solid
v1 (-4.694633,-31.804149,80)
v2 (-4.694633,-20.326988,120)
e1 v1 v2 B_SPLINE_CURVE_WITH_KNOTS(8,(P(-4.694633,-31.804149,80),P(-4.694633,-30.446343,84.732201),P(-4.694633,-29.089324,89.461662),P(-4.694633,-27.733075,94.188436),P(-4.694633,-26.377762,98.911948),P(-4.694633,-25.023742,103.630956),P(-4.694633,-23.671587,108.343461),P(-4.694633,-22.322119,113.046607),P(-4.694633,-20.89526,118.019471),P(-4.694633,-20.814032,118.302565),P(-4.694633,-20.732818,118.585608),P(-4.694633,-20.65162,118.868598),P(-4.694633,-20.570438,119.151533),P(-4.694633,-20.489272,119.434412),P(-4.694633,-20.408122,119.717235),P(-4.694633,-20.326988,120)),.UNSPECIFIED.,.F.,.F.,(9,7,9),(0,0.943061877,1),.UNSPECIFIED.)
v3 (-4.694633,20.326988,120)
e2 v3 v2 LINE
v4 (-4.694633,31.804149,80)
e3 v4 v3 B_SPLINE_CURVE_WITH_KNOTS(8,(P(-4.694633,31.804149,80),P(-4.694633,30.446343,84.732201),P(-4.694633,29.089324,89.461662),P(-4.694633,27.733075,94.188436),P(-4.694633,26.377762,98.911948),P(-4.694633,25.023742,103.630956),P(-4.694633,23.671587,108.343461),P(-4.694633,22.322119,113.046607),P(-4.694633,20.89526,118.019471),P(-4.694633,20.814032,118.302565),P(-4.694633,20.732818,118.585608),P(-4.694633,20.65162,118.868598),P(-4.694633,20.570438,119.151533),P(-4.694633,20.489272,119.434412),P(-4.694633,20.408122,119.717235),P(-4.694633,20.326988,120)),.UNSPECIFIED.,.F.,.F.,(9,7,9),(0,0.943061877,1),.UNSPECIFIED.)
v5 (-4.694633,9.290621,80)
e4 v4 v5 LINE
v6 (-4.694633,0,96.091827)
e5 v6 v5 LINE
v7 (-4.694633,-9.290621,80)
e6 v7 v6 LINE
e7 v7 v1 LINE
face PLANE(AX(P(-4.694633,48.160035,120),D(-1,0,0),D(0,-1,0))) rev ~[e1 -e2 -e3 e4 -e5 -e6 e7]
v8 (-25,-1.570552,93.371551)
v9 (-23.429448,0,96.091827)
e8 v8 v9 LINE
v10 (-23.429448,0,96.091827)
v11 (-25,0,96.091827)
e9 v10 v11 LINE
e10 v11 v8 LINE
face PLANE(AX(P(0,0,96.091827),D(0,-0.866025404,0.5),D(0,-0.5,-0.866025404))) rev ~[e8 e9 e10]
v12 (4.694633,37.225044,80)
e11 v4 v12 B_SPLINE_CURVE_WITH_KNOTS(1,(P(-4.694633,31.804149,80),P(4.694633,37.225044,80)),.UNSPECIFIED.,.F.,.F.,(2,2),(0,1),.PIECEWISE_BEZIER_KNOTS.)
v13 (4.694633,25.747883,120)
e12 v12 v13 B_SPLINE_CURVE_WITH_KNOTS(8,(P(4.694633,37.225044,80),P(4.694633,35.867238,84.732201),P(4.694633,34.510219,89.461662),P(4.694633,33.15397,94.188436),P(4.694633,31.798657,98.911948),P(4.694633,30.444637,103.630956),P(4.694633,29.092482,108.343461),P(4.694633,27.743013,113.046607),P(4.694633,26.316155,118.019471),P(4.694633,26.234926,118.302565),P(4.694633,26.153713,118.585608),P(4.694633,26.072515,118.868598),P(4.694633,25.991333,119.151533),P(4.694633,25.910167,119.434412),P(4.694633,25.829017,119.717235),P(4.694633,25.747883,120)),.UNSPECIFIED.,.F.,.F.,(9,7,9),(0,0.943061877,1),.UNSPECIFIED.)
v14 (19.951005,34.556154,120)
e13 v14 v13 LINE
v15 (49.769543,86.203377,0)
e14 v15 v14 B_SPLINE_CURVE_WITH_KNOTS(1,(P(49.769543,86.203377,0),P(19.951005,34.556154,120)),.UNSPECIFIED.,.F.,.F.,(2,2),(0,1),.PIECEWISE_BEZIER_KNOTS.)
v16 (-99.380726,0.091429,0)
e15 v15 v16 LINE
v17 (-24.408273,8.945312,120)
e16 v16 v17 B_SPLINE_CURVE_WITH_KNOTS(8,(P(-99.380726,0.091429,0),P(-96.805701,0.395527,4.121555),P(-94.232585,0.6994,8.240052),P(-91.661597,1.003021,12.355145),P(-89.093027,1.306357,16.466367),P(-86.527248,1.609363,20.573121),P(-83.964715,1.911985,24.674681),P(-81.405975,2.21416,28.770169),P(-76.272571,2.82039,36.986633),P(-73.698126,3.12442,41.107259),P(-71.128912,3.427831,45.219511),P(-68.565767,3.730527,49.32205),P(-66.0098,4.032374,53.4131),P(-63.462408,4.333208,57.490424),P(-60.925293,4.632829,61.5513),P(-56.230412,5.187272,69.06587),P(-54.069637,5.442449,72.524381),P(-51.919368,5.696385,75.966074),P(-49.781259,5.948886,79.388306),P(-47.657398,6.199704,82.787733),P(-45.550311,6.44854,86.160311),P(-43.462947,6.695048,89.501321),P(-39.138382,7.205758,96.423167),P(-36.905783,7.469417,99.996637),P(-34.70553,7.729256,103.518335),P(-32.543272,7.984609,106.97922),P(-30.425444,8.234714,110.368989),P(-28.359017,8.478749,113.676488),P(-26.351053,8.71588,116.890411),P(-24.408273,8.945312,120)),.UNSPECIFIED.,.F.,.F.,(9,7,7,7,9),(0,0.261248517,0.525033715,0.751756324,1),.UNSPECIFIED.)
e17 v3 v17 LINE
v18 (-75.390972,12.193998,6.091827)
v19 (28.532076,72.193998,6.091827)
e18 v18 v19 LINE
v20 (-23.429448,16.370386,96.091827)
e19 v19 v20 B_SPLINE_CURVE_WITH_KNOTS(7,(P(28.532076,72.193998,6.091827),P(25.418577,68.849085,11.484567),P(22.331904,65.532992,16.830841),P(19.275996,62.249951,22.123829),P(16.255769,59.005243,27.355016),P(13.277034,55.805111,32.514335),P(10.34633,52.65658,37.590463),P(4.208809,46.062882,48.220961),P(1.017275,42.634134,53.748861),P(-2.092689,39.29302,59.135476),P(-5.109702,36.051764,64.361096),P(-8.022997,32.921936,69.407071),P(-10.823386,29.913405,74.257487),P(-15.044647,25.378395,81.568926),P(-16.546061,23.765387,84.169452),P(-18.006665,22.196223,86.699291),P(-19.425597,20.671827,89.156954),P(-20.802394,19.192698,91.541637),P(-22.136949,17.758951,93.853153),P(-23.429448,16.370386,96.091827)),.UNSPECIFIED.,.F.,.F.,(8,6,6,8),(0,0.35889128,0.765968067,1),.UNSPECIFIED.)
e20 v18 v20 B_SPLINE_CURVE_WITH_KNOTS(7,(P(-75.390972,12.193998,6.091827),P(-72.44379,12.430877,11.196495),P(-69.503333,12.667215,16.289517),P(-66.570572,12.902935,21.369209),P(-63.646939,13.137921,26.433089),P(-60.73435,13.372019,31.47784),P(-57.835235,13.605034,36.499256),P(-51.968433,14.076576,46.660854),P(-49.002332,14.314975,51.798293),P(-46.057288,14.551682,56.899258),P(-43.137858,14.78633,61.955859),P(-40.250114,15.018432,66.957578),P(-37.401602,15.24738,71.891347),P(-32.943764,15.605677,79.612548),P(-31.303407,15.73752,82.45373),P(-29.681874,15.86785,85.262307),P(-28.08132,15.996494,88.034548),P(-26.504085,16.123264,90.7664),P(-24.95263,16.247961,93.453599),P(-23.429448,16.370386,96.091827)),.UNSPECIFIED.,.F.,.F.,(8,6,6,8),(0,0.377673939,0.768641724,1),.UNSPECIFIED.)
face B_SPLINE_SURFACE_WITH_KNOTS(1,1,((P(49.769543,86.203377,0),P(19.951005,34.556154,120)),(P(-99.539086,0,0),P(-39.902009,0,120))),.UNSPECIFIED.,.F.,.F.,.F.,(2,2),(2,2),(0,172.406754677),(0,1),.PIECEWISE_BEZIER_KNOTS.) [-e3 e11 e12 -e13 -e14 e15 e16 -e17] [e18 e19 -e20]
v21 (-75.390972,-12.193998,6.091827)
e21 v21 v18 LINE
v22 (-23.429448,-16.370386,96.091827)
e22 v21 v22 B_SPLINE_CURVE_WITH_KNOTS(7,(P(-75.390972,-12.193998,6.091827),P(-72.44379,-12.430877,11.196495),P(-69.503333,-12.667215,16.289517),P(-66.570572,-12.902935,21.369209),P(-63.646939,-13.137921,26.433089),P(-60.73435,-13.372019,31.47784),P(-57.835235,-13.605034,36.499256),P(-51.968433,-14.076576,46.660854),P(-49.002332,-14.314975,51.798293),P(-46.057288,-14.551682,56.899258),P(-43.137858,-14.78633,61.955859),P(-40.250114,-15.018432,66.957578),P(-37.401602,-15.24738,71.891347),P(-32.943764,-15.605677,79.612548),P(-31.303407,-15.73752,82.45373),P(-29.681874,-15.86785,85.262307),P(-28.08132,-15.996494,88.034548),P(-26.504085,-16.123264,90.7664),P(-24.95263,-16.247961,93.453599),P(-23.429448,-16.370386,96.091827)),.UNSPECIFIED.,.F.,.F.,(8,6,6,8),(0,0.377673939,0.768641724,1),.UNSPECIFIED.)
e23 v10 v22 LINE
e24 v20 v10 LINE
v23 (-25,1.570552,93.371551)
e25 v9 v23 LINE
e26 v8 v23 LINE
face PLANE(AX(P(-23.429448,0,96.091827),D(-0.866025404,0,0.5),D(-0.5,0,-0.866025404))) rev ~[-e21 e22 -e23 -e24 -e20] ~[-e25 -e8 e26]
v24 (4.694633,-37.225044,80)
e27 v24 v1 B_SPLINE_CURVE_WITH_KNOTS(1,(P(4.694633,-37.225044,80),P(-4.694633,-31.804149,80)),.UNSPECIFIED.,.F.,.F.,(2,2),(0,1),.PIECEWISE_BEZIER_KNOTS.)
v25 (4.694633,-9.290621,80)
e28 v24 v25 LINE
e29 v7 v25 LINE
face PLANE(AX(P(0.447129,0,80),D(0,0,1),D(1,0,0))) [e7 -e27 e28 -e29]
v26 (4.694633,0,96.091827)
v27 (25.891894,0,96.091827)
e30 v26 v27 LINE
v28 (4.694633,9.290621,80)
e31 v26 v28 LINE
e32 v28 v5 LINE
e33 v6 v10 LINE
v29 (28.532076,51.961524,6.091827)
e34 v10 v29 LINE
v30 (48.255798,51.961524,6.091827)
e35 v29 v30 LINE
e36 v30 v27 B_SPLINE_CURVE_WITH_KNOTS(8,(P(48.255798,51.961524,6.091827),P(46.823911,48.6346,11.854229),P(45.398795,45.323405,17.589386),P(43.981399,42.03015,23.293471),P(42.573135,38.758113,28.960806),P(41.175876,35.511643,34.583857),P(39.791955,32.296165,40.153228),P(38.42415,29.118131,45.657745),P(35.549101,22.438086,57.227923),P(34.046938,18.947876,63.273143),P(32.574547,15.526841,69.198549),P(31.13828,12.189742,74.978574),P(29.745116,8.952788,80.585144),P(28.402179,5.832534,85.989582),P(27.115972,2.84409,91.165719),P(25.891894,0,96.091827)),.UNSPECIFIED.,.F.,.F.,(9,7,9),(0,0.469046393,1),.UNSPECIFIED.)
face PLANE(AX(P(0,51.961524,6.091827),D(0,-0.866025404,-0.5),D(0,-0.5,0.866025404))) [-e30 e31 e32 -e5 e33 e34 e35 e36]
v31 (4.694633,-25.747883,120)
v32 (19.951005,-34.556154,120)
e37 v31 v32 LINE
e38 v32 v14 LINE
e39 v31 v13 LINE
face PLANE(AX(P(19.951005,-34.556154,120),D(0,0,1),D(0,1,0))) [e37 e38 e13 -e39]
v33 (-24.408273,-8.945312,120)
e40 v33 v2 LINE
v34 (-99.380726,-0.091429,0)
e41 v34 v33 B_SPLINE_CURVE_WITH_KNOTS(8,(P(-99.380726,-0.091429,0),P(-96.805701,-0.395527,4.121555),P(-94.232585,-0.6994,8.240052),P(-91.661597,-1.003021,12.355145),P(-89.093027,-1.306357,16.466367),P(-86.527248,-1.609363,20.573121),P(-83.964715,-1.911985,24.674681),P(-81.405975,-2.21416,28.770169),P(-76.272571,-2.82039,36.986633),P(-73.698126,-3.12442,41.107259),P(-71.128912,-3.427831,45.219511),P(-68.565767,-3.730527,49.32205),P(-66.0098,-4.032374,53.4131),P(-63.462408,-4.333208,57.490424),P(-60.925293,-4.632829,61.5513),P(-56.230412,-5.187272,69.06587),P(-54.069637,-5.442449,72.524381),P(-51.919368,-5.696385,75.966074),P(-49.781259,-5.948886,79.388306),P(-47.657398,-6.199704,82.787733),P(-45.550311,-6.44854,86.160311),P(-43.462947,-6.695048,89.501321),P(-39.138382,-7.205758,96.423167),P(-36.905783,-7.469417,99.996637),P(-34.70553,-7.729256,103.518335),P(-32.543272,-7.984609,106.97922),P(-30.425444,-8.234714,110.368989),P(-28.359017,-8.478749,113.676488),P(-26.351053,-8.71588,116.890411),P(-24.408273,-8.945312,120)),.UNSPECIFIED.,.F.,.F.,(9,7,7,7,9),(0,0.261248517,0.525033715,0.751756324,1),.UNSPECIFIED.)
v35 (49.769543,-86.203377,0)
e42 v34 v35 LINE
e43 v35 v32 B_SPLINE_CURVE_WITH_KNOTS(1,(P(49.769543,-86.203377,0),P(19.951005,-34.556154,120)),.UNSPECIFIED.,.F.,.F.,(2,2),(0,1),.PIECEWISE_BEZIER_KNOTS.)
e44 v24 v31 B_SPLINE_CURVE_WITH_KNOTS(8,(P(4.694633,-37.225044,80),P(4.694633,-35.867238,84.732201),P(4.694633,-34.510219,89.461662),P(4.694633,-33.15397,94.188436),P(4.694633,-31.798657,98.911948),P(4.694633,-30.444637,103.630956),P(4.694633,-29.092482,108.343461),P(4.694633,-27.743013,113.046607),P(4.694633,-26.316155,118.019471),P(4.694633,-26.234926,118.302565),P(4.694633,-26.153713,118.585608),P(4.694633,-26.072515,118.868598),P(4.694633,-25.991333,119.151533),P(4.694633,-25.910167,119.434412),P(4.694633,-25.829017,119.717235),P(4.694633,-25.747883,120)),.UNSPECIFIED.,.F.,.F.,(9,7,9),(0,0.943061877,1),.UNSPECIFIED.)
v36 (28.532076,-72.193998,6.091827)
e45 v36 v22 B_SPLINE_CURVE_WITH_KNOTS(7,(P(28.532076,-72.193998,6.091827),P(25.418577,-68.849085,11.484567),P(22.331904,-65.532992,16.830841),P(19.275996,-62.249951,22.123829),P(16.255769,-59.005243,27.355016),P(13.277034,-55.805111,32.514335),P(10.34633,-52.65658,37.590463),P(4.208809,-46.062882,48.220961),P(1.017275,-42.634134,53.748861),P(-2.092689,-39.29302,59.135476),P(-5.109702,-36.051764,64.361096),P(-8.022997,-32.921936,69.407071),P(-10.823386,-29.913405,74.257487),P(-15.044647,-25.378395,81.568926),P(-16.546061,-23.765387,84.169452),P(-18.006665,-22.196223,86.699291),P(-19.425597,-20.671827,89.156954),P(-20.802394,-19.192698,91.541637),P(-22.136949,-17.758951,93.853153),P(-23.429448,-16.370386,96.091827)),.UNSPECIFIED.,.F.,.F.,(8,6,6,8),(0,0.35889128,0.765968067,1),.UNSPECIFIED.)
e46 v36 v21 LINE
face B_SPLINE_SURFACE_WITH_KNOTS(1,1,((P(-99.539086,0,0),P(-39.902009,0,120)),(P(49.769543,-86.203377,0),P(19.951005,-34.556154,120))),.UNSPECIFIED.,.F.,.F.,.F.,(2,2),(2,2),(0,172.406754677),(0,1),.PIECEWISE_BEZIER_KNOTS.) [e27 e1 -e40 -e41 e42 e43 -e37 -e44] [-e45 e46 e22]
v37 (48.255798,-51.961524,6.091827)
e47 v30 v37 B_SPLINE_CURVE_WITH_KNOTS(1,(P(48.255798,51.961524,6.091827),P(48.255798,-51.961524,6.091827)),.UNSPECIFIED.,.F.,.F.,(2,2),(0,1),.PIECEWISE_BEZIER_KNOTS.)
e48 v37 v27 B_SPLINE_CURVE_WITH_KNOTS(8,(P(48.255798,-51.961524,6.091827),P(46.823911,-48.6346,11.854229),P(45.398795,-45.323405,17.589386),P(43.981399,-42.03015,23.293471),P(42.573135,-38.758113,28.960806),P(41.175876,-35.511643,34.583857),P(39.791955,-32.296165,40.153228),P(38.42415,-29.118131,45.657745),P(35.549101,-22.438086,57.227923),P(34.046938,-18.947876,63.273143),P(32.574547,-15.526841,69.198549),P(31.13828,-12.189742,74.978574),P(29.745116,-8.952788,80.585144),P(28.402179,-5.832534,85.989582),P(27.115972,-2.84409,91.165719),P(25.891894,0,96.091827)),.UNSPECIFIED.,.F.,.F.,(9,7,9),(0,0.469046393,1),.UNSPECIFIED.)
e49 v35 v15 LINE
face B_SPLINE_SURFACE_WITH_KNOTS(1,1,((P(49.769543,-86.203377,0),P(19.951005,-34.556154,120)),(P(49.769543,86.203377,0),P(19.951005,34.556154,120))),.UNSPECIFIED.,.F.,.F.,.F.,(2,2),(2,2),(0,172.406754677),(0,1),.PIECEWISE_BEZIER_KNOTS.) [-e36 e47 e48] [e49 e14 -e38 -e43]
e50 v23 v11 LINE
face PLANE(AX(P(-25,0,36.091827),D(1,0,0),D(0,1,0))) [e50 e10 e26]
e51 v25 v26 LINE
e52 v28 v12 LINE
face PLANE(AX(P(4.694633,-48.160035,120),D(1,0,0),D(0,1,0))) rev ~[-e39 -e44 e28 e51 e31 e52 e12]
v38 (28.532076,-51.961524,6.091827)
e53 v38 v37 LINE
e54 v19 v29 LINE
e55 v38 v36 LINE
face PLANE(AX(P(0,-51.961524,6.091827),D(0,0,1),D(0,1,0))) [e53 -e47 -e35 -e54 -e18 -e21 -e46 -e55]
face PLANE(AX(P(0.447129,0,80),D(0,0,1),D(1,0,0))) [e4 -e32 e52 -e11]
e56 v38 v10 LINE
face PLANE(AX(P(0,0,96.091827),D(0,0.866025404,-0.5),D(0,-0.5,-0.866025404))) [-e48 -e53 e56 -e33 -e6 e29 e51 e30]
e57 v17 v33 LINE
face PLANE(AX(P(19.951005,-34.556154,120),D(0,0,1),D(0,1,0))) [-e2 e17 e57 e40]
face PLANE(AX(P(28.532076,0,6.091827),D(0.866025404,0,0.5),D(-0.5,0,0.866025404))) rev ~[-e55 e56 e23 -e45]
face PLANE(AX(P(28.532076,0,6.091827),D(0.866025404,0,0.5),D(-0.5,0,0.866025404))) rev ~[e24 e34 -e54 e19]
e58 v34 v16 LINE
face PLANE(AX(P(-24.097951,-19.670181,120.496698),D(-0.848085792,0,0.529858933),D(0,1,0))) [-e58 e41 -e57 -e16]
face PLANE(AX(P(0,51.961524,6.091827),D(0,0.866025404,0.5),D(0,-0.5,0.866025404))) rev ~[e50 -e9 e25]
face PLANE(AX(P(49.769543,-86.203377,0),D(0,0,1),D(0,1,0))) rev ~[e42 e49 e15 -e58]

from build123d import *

# Parameters (mm, degrees)
F5_DEPTH       = 40
F10_DEPTH      = 100
F10_DEPTH_BACK = 100
F12_DEPTH      = 100
F12_DEPTH_BACK = 25


with BuildPart() as f3:
    # F0 (on Top) → F3 section 0
    with BuildSketch(Plane.XY):
        Polygon((49.7695431113, -86.2033773383), (49.7695431113, 86.2033773383), (-99.5390862226, 0), align=None)
    # F2 (on offset) → F3 section 1
    with BuildSketch(Plane.XY.offset(120)):
        Polygon((19.951004535, -34.5561535166), (19.951004535, 34.5561535166), (-39.9020090699, 0), align=None)
    loft()

    # F4 (on face) → F5 (cut)
    with BuildSketch(Plane.XY.offset(120)):
        Polygon((4.6946327202, -25.7478831425), (4.6946327202, 25.7478831425), (-4.6946327202, 20.326988213), (-4.6946327202, -20.326988213), align=None)
        Polygon((4.6946327202, 25.7478831425), (4.6946327202, 48.1600351632), (-4.6946327202, 48.1600351632), (-4.6946327202, 20.326988213), align=None)
        Polygon((4.6946327202, -48.1600351632), (4.6946327202, -25.7478831425), (-4.6946327202, -20.326988213), (-4.6946327202, -48.1600351632), align=None)
    extrude(amount=-F5_DEPTH, mode=Mode.SUBTRACT)

    # F8: sweep along a path in F7
    with BuildLine(Plane.XZ) as f8_path:
        Line((-31.9719016552, 120.4966977239), (-107.2546765208, 0))
    # F6 (on face) → F8 (sweep, cut)
    with BuildSketch(Plane.XY.offset(120)):
        Polygon((-40.3947457671, 19.6701809764), (-40.3947457671, -19.6701809764), (-24.4082733989, -19.6701809764), (-24.4082733989, -8.9453124604), (-24.4082733989, 19.6701809764), align=None)
    sweep(path=f8_path.line, mode=Mode.SUBTRACT)

    # F9 (on Front) → F10 (cut, two sides)
    with BuildSketch(Plane.XZ) as f10_sk:
        Polygon((-75.3909720121, 6.0918268561), (28.532076442, 6.0918268561), (-23.429447785, 96.0918268561), align=None)
    extrude(amount=-F10_DEPTH, mode=Mode.SUBTRACT)
    extrude(f10_sk.sketch, amount=F10_DEPTH_BACK, mode=Mode.SUBTRACT)

    # F11 (on Right) → F12 (cut, two sides)
    with BuildSketch(Plane.YZ) as f12_sk:
        Polygon((-51.9615242271, 6.0918268561), (51.9615242271, 6.0918268561), (0, 96.0918268561), align=None)
    extrude(amount=F12_DEPTH, mode=Mode.SUBTRACT)
    extrude(f12_sk.sketch, amount=-F12_DEPTH_BACK, mode=Mode.SUBTRACT)


solid = f3.part
